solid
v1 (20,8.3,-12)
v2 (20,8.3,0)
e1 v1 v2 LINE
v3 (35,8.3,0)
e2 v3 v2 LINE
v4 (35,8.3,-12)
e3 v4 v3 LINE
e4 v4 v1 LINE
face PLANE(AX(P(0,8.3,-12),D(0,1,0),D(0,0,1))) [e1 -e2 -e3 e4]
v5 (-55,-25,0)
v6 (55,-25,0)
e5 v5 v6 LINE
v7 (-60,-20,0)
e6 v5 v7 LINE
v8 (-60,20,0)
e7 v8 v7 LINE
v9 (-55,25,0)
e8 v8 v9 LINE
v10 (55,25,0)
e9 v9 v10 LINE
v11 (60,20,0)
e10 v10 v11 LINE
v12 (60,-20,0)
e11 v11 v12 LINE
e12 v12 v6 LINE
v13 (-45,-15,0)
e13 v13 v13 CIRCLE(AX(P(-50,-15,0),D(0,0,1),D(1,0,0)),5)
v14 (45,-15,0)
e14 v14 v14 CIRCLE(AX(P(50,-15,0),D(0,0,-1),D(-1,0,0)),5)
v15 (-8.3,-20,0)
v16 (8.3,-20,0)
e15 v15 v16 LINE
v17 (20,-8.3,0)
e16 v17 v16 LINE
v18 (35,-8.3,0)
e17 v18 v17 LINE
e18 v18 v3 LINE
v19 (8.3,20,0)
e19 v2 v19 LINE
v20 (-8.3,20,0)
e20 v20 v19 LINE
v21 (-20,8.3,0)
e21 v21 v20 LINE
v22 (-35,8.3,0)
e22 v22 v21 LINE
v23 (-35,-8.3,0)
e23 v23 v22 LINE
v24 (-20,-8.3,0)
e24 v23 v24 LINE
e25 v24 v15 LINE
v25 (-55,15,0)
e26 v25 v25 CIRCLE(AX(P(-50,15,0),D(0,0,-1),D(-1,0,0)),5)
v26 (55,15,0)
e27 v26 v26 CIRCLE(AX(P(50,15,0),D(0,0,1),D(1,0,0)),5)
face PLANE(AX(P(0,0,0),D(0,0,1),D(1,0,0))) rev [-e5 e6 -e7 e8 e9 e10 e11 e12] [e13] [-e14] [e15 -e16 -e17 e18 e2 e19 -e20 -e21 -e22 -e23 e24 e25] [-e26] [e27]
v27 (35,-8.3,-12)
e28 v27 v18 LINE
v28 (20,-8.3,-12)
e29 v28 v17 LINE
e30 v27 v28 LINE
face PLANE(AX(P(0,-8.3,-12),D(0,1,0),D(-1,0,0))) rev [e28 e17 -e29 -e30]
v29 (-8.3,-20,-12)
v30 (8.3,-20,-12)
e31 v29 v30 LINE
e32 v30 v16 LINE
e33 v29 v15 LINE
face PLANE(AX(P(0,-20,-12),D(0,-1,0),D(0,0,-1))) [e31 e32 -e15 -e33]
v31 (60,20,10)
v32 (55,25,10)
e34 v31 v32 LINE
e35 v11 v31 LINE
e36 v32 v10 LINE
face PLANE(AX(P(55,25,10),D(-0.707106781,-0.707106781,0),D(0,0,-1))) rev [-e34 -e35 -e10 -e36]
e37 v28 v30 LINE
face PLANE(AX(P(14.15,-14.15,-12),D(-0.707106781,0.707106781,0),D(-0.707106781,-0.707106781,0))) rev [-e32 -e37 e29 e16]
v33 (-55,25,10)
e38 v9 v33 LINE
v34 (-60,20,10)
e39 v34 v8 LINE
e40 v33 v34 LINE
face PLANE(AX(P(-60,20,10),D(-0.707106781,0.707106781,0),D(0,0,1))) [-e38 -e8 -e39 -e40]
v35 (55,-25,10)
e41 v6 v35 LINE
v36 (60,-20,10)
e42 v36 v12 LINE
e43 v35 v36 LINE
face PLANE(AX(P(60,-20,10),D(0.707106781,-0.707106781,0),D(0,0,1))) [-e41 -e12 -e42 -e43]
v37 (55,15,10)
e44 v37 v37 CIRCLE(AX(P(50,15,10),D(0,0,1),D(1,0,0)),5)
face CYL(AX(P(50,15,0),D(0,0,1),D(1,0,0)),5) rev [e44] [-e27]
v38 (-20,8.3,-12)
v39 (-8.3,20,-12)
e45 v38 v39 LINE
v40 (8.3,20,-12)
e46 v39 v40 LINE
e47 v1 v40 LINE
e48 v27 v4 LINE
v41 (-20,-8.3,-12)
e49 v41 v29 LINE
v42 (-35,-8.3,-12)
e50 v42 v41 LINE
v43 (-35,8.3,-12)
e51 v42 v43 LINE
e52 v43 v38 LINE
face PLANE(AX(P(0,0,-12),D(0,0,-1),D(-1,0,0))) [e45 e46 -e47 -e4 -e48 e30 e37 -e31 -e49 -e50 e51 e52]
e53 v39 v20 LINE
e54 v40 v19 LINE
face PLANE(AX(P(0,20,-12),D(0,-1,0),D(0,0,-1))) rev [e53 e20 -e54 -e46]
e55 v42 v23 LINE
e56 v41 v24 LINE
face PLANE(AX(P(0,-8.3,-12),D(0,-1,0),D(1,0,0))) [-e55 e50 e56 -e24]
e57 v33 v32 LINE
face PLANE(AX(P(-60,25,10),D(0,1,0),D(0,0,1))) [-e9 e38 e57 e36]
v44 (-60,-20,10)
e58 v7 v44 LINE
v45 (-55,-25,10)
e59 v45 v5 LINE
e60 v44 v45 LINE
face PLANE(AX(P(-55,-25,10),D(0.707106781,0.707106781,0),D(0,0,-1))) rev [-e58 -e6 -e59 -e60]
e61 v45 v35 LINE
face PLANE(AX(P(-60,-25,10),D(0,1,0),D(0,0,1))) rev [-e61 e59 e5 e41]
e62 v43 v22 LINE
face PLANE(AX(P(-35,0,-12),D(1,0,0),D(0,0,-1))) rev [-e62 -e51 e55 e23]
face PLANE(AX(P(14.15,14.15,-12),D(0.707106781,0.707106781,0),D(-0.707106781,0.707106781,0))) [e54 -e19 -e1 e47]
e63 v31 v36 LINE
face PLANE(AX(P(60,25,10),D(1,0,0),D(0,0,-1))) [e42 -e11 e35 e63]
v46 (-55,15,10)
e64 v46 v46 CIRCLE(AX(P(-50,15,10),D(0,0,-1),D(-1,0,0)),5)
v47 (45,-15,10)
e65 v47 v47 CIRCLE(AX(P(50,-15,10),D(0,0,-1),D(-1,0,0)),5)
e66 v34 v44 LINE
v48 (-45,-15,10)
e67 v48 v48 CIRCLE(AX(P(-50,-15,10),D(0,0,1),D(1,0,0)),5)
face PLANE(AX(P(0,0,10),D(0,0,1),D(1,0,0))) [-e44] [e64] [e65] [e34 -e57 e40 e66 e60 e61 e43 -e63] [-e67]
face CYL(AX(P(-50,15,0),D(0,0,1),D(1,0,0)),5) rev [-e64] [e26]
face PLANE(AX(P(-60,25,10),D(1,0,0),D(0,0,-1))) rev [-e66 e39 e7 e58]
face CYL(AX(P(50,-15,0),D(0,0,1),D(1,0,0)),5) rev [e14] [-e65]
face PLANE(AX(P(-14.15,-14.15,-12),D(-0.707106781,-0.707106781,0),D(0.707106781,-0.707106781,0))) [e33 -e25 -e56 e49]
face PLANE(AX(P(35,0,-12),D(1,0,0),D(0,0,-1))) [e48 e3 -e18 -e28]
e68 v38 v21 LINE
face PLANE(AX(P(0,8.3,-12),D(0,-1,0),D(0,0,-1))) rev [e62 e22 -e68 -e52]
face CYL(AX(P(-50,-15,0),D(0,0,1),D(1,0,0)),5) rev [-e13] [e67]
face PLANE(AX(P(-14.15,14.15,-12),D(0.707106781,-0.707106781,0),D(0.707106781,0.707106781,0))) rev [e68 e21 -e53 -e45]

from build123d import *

# Parameters (mm, degrees)
SKETCH_156_W          = 120
SKETCH_156_H          = 50
EXTRUDE_416_DEPTH     = 10
CUT_EXTRUDE_START     = 10
SKETCH_1_5_R          = 5
CUT_EXTRUDE_465_DEPTH = 10
CHAMFER_532_SIZE      = 5
EXTRUDE_START         = -10
EXTRUDE_2_DEPTH       = 22


with BuildPart() as part:
    # Sketch 156 → Extrude 416 (new body)
    with BuildSketch(Plane.XY):
        Rectangle(SKETCH_156_W, SKETCH_156_H)
    extrude(amount=EXTRUDE_416_DEPTH)

    # Эскиз1<5> → Cut-Extrude 465 (cut)
    with BuildSketch(Plane.XY.offset(CUT_EXTRUDE_START)):
        with Locations((50, 15)):
            Circle(SKETCH_1_5_R)
        with Locations(Location((-50, 15, 0), (0, 0, 180))):
            Circle(SKETCH_1_5_R)
        with Locations((-50, -15)):
            Circle(SKETCH_1_5_R)
        with Locations(Location((50, -15, 0), (0, 0, 180))):
            Circle(SKETCH_1_5_R)
    extrude(amount=-CUT_EXTRUDE_465_DEPTH, mode=Mode.SUBTRACT)

    # Chamfer 532
    chamfer_532_edges = [part.edges().sort_by_distance(p)[0] for p in [
        (-60, 25, 5),
        (60, 25, 5),
        (60, -25, 5),
        (-60, -25, 5),
    ]]
    chamfer(chamfer_532_edges, length=CHAMFER_532_SIZE)

    # Эскиз2 → Бобышка-Вытянуть2 (add)
    with BuildSketch(Plane(origin=(0, 0, 0), x_dir=(-1, 0, 0), z_dir=(0, 0, -1)).offset(EXTRUDE_START)):
        Polygon((-8.3, 20), (8.3, 20), (20, 8.3), (35, 8.3), (35, -8.3), (20, -8.3), (8.3, -20), (-8.3, -20), (-20, -8.3), (-35, -8.3), (-35, 8.3), (-20, 8.3), align=None)
    extrude(amount=EXTRUDE_2_DEPTH)


solid = part.part
